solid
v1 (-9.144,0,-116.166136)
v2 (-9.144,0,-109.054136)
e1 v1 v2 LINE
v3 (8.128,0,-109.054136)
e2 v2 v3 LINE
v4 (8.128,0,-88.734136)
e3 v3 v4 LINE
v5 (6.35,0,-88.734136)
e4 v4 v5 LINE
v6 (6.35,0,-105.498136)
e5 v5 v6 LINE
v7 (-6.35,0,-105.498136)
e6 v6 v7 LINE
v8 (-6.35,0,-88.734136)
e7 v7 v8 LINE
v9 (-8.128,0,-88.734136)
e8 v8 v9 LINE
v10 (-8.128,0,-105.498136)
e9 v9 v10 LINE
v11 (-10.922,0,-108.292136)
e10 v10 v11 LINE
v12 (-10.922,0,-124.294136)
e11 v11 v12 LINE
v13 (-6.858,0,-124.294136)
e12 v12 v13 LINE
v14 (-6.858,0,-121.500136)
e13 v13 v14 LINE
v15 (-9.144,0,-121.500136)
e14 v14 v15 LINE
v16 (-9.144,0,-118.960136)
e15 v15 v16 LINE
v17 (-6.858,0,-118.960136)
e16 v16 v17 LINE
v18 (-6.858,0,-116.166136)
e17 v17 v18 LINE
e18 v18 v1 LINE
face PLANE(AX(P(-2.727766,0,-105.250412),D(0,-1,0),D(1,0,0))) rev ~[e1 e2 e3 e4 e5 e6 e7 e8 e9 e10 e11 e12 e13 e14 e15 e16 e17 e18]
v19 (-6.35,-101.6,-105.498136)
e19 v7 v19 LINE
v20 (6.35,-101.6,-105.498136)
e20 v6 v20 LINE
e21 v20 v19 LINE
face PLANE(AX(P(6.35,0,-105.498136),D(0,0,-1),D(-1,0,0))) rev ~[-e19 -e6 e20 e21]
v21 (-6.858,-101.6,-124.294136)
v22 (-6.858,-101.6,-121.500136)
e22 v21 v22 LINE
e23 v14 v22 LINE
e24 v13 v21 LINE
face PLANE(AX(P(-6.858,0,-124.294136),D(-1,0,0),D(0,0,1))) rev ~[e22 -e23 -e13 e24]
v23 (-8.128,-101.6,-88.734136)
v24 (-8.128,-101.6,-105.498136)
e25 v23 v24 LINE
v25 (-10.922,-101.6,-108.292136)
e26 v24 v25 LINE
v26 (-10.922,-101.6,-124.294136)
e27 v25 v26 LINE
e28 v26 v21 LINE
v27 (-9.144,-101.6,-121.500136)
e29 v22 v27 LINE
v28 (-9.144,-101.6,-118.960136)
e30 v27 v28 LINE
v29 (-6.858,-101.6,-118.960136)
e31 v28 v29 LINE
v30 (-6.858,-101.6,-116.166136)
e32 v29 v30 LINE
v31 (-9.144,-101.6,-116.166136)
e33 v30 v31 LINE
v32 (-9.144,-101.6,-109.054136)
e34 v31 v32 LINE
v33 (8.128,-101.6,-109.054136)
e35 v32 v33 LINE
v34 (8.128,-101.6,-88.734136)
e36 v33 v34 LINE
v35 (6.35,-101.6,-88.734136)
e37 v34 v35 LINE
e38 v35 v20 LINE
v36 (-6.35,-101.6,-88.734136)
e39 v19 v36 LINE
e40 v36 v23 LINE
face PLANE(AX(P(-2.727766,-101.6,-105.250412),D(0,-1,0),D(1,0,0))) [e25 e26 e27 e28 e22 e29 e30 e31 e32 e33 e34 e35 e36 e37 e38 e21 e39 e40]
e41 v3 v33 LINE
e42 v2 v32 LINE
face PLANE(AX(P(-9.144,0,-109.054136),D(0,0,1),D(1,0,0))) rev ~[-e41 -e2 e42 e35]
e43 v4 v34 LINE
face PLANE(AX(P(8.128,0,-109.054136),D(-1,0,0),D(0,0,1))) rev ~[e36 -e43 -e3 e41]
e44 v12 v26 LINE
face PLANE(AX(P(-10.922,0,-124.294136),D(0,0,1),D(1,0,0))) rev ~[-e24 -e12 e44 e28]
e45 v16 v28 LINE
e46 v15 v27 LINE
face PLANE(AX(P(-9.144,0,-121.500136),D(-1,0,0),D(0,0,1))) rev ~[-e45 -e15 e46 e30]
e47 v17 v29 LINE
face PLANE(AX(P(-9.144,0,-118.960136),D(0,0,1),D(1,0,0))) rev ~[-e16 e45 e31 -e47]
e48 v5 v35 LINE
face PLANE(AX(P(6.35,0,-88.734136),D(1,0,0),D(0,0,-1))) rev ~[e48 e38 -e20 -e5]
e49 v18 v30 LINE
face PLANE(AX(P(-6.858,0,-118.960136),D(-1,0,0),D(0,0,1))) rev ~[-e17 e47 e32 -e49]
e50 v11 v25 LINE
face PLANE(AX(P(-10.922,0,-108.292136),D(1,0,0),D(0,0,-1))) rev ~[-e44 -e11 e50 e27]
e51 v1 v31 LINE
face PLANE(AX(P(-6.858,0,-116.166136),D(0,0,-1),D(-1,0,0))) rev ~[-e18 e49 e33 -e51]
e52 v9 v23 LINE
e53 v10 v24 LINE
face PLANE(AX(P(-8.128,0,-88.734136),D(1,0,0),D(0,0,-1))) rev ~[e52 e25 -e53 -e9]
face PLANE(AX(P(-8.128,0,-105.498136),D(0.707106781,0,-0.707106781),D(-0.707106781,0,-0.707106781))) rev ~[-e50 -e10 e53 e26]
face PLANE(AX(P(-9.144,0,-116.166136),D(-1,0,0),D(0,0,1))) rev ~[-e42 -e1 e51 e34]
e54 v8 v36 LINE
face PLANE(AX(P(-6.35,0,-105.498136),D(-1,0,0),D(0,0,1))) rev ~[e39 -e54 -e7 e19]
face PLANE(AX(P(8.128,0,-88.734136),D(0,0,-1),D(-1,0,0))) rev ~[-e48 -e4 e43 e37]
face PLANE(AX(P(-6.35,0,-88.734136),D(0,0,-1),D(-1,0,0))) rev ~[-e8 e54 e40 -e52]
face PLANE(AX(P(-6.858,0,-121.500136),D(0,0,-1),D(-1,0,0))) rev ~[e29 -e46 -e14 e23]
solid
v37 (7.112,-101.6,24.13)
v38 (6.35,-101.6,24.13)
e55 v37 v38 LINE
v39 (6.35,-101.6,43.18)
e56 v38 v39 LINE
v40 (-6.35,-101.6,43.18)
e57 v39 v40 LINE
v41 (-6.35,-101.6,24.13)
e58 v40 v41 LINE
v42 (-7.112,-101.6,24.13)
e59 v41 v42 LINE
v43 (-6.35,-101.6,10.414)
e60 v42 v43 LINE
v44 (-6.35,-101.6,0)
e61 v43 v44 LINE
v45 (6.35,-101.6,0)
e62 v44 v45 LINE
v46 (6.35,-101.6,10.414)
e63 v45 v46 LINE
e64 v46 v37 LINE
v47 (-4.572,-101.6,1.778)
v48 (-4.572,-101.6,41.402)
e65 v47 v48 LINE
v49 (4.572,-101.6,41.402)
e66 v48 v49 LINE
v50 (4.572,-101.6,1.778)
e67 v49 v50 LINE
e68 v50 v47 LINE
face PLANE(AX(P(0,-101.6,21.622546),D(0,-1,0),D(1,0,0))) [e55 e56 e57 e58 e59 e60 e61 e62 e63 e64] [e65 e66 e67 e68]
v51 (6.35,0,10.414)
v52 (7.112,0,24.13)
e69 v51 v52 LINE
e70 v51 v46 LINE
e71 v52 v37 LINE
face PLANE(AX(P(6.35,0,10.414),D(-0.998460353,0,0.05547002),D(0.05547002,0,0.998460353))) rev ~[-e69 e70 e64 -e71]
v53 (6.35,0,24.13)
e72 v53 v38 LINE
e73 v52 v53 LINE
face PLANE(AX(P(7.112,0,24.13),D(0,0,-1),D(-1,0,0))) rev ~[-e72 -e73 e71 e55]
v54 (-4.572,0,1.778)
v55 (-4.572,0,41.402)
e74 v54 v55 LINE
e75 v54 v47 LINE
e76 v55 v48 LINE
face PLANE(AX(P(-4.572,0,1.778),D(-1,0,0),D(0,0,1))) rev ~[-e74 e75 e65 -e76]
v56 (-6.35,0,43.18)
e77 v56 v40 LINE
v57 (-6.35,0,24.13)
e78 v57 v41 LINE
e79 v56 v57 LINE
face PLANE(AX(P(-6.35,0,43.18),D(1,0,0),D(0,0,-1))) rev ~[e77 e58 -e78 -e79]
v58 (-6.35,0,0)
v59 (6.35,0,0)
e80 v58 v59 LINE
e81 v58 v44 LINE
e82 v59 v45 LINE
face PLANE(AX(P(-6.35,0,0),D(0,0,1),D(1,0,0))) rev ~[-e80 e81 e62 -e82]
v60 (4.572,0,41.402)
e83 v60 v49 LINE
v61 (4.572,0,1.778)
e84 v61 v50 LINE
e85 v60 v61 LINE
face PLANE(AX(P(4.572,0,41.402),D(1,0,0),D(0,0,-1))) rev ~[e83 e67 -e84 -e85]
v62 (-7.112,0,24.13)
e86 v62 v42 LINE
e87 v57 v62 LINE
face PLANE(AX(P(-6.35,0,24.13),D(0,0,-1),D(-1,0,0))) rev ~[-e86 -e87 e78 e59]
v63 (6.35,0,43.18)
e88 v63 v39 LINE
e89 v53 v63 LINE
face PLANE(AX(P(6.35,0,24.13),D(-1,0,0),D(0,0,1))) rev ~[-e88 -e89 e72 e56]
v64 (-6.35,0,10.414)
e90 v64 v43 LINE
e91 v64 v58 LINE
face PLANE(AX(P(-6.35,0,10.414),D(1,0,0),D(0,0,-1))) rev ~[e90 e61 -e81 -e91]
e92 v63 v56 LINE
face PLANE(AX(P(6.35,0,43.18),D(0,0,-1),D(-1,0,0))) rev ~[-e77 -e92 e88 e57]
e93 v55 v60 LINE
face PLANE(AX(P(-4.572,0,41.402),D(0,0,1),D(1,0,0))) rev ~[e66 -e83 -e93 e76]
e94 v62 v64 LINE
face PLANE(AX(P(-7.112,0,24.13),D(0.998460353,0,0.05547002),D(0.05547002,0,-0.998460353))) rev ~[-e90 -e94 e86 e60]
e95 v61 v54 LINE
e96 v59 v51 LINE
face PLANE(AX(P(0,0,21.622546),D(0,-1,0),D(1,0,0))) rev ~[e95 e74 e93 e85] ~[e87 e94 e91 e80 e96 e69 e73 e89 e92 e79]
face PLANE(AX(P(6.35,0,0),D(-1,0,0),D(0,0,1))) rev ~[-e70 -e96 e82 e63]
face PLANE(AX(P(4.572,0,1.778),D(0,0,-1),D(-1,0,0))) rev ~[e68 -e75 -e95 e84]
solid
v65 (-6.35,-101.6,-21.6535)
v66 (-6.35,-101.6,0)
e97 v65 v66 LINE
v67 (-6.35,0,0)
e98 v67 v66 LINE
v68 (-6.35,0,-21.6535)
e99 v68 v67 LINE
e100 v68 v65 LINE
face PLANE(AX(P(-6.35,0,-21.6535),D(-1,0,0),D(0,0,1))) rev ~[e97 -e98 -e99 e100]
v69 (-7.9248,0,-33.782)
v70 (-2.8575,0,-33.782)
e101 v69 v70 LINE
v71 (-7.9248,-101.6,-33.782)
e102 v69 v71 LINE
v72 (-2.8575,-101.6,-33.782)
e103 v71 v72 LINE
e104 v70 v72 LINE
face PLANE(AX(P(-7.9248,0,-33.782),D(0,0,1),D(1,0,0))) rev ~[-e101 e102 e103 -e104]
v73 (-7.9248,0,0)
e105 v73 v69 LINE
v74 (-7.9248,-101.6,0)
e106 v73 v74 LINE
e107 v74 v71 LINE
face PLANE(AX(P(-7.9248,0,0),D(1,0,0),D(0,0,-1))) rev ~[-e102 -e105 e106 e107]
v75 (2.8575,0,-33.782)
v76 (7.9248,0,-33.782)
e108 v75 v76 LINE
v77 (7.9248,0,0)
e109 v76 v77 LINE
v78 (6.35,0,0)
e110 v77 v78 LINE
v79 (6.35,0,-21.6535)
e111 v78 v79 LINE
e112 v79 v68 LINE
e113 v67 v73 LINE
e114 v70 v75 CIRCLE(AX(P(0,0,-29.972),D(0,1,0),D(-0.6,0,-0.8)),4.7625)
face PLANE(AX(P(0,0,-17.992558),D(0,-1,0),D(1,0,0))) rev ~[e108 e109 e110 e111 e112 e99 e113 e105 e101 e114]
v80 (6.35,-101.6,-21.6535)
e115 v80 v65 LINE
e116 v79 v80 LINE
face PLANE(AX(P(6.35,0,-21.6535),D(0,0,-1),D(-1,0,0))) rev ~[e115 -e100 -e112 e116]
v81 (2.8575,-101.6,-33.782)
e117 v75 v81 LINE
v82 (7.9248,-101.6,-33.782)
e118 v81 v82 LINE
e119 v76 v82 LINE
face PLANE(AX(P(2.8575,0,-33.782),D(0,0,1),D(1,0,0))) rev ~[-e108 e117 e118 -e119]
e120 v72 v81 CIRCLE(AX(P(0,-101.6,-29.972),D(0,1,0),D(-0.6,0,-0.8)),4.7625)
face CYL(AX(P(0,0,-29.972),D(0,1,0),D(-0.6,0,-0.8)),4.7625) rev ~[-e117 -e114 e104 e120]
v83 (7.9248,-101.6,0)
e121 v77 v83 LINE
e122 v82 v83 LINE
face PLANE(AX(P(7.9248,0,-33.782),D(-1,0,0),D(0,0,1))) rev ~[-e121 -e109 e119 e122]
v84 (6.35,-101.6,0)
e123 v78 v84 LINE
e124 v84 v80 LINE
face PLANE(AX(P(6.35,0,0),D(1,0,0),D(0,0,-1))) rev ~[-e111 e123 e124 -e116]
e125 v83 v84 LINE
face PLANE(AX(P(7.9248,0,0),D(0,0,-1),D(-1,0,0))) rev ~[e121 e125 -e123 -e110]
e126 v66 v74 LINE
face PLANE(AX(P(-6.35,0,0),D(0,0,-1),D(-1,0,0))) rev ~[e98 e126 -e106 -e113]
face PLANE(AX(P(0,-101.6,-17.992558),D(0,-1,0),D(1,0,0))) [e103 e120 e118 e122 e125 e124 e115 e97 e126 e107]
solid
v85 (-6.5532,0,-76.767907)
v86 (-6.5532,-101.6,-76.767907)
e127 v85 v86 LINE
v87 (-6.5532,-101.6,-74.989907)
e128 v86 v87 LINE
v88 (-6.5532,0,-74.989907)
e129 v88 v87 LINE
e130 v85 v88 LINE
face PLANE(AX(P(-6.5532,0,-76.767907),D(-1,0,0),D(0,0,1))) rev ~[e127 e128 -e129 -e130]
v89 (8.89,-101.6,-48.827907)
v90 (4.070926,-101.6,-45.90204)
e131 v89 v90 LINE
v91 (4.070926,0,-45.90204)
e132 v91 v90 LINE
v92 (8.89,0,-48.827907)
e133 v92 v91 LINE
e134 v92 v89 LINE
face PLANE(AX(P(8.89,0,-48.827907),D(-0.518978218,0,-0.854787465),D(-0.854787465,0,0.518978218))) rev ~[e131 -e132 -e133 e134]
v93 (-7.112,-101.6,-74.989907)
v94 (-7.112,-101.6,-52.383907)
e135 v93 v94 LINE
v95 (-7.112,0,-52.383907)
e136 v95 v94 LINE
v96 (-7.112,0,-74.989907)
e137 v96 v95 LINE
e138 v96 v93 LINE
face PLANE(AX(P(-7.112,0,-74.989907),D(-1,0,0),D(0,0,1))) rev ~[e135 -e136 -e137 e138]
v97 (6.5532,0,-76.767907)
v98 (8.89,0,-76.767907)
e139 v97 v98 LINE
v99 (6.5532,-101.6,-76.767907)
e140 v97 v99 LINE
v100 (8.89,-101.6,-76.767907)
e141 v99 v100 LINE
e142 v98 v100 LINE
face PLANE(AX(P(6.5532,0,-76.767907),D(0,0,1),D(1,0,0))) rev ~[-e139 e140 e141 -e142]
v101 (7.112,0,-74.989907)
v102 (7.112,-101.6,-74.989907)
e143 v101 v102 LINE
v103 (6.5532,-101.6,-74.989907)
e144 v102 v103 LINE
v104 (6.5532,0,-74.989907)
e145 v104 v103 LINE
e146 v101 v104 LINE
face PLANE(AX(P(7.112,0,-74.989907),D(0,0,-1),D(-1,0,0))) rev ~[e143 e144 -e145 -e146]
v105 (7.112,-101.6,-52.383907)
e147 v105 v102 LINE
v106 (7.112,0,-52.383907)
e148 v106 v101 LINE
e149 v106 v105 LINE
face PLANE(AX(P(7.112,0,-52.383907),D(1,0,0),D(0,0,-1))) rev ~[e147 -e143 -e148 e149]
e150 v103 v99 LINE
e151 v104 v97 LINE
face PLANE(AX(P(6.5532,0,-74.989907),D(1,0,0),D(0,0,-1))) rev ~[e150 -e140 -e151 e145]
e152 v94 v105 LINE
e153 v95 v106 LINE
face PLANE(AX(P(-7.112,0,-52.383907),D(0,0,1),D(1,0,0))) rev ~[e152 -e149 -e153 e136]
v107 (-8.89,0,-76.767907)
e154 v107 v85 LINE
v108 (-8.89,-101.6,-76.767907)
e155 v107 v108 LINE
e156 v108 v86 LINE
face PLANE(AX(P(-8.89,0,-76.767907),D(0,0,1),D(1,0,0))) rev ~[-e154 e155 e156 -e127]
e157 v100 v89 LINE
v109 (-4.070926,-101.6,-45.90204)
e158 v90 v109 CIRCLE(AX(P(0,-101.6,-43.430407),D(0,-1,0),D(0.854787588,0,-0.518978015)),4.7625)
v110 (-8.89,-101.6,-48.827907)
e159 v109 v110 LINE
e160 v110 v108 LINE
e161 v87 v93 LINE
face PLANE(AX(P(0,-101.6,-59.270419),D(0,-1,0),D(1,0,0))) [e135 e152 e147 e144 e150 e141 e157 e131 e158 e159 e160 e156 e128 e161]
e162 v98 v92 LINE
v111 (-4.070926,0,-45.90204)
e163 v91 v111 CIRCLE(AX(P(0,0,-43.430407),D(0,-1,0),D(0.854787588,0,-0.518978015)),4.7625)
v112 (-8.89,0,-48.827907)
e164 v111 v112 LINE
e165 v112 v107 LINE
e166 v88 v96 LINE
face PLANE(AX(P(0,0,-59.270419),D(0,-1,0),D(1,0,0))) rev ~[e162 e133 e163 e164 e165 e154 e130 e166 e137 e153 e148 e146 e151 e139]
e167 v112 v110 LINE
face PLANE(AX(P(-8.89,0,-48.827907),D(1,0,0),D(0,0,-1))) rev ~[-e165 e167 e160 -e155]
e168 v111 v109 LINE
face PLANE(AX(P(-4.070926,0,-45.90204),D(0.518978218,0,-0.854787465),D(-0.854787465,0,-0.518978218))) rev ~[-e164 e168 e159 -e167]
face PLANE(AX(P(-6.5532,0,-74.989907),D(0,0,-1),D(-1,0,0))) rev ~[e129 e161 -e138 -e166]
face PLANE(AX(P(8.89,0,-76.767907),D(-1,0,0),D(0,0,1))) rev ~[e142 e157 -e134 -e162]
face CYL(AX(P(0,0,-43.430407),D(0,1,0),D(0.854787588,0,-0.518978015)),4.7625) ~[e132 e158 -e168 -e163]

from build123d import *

# Parameters (mm, degrees)
F1_DEPTH = 101.6
F3_DEPTH = 101.6
F5_DEPTH = 101.6
F7_DEPTH = 101.6


with BuildPart() as f1:
    # F0 (on Front) → F1 (new body)
    with BuildSketch(Plane.XZ):
        Polygon((0, 0), (6.35, 0), (6.35, 10.414), (7.112, 24.13), (6.35, 24.13), (6.35, 43.18), (0.04771, 43.18), (-0.04771, 43.18), (-6.35, 43.18), (-6.35, 24.13), (-7.112, 24.13), (-6.35, 10.414), (-6.35, 0), align=None)
        Polygon((-4.572, 41.402), (0, 41.402), (4.572, 41.402), (4.572, 1.778), (0, 1.778), (-4.572, 1.778), align=None, mode=Mode.SUBTRACT)
    extrude(amount=F1_DEPTH)


with BuildPart() as f3:
    # F2 (on Front) → F3 (new body)
    with BuildSketch(Plane.XZ):
        with BuildLine():
            Line((7.9248, 0), (6.35, 0))
            Line((6.35, 0), (6.35, -21.6535))
            Line((6.35, -21.6535), (-6.35, -21.6535))
            Line((-6.35, -21.6535), (-6.35, 0))
            Line((-6.35, 0), (-7.9248, 0))
            Line((-7.9248, 0), (-7.9248, -33.782))
            Line((-7.9248, -33.782), (-2.8575, -33.782))
            ThreePointArc((-2.8575, -33.782), (0, -25.2095), (2.8575, -33.782))
            Line((2.8575, -33.782), (7.9248, -33.782))
            Line((7.9248, -33.782), (7.9248, 0))
        make_face()
    extrude(amount=F3_DEPTH)


with BuildPart() as f5:
    # F4 (on Front) → F5 (new body)
    with BuildSketch(Plane.XZ):
        with BuildLine():
            Line((8.89, -48.827907), (4.070926, -45.90204))
            ThreePointArc((4.070926, -45.90204), (0, -38.667907), (-4.070926, -45.90204))
            Line((-4.070926, -45.90204), (-8.89, -48.827907))
            Line((-8.89, -48.827907), (-8.89, -76.767907))
            Line((-8.89, -76.767907), (-6.5532, -76.767907))
            Line((-6.5532, -76.767907), (-6.5532, -74.989907))
            Line((-6.5532, -74.989907), (-7.112, -74.989907))
            Line((-7.112, -74.989907), (-7.112, -52.383907))
            Line((-7.112, -52.383907), (7.112, -52.383907))
            Line((7.112, -52.383907), (7.112, -74.989907))
            Line((7.112, -74.989907), (6.5532, -74.989907))
            Line((6.5532, -74.989907), (6.5532, -76.767907))
            Line((6.5532, -76.767907), (8.89, -76.767907))
            Line((8.89, -76.767907), (8.89, -48.827907))
        make_face()
    extrude(amount=F5_DEPTH)


with BuildPart() as f7:
    # F6 (on Front) → F7 (new body)
    with BuildSketch(Plane.XZ):
        Polygon((-6.35, -105.498136), (-6.35, -88.734136), (-8.128, -88.734136), (-8.128, -105.498136), (-10.922, -108.292136), (-10.922, -124.294136), (-6.858, -124.294136), (-6.858, -121.500136), (-9.144, -121.500136), (-9.144, -118.960136), (-6.858, -118.960136), (-6.858, -116.166136), (-9.144, -116.166136), (-9.144, -109.054136), (8.128, -109.054136), (8.128, -88.734136), (6.35, -88.734136), (6.35, -105.498136), align=None)
    extrude(amount=F7_DEPTH)


solid = Compound([f1.part, f3.part, f5.part, f7.part])
